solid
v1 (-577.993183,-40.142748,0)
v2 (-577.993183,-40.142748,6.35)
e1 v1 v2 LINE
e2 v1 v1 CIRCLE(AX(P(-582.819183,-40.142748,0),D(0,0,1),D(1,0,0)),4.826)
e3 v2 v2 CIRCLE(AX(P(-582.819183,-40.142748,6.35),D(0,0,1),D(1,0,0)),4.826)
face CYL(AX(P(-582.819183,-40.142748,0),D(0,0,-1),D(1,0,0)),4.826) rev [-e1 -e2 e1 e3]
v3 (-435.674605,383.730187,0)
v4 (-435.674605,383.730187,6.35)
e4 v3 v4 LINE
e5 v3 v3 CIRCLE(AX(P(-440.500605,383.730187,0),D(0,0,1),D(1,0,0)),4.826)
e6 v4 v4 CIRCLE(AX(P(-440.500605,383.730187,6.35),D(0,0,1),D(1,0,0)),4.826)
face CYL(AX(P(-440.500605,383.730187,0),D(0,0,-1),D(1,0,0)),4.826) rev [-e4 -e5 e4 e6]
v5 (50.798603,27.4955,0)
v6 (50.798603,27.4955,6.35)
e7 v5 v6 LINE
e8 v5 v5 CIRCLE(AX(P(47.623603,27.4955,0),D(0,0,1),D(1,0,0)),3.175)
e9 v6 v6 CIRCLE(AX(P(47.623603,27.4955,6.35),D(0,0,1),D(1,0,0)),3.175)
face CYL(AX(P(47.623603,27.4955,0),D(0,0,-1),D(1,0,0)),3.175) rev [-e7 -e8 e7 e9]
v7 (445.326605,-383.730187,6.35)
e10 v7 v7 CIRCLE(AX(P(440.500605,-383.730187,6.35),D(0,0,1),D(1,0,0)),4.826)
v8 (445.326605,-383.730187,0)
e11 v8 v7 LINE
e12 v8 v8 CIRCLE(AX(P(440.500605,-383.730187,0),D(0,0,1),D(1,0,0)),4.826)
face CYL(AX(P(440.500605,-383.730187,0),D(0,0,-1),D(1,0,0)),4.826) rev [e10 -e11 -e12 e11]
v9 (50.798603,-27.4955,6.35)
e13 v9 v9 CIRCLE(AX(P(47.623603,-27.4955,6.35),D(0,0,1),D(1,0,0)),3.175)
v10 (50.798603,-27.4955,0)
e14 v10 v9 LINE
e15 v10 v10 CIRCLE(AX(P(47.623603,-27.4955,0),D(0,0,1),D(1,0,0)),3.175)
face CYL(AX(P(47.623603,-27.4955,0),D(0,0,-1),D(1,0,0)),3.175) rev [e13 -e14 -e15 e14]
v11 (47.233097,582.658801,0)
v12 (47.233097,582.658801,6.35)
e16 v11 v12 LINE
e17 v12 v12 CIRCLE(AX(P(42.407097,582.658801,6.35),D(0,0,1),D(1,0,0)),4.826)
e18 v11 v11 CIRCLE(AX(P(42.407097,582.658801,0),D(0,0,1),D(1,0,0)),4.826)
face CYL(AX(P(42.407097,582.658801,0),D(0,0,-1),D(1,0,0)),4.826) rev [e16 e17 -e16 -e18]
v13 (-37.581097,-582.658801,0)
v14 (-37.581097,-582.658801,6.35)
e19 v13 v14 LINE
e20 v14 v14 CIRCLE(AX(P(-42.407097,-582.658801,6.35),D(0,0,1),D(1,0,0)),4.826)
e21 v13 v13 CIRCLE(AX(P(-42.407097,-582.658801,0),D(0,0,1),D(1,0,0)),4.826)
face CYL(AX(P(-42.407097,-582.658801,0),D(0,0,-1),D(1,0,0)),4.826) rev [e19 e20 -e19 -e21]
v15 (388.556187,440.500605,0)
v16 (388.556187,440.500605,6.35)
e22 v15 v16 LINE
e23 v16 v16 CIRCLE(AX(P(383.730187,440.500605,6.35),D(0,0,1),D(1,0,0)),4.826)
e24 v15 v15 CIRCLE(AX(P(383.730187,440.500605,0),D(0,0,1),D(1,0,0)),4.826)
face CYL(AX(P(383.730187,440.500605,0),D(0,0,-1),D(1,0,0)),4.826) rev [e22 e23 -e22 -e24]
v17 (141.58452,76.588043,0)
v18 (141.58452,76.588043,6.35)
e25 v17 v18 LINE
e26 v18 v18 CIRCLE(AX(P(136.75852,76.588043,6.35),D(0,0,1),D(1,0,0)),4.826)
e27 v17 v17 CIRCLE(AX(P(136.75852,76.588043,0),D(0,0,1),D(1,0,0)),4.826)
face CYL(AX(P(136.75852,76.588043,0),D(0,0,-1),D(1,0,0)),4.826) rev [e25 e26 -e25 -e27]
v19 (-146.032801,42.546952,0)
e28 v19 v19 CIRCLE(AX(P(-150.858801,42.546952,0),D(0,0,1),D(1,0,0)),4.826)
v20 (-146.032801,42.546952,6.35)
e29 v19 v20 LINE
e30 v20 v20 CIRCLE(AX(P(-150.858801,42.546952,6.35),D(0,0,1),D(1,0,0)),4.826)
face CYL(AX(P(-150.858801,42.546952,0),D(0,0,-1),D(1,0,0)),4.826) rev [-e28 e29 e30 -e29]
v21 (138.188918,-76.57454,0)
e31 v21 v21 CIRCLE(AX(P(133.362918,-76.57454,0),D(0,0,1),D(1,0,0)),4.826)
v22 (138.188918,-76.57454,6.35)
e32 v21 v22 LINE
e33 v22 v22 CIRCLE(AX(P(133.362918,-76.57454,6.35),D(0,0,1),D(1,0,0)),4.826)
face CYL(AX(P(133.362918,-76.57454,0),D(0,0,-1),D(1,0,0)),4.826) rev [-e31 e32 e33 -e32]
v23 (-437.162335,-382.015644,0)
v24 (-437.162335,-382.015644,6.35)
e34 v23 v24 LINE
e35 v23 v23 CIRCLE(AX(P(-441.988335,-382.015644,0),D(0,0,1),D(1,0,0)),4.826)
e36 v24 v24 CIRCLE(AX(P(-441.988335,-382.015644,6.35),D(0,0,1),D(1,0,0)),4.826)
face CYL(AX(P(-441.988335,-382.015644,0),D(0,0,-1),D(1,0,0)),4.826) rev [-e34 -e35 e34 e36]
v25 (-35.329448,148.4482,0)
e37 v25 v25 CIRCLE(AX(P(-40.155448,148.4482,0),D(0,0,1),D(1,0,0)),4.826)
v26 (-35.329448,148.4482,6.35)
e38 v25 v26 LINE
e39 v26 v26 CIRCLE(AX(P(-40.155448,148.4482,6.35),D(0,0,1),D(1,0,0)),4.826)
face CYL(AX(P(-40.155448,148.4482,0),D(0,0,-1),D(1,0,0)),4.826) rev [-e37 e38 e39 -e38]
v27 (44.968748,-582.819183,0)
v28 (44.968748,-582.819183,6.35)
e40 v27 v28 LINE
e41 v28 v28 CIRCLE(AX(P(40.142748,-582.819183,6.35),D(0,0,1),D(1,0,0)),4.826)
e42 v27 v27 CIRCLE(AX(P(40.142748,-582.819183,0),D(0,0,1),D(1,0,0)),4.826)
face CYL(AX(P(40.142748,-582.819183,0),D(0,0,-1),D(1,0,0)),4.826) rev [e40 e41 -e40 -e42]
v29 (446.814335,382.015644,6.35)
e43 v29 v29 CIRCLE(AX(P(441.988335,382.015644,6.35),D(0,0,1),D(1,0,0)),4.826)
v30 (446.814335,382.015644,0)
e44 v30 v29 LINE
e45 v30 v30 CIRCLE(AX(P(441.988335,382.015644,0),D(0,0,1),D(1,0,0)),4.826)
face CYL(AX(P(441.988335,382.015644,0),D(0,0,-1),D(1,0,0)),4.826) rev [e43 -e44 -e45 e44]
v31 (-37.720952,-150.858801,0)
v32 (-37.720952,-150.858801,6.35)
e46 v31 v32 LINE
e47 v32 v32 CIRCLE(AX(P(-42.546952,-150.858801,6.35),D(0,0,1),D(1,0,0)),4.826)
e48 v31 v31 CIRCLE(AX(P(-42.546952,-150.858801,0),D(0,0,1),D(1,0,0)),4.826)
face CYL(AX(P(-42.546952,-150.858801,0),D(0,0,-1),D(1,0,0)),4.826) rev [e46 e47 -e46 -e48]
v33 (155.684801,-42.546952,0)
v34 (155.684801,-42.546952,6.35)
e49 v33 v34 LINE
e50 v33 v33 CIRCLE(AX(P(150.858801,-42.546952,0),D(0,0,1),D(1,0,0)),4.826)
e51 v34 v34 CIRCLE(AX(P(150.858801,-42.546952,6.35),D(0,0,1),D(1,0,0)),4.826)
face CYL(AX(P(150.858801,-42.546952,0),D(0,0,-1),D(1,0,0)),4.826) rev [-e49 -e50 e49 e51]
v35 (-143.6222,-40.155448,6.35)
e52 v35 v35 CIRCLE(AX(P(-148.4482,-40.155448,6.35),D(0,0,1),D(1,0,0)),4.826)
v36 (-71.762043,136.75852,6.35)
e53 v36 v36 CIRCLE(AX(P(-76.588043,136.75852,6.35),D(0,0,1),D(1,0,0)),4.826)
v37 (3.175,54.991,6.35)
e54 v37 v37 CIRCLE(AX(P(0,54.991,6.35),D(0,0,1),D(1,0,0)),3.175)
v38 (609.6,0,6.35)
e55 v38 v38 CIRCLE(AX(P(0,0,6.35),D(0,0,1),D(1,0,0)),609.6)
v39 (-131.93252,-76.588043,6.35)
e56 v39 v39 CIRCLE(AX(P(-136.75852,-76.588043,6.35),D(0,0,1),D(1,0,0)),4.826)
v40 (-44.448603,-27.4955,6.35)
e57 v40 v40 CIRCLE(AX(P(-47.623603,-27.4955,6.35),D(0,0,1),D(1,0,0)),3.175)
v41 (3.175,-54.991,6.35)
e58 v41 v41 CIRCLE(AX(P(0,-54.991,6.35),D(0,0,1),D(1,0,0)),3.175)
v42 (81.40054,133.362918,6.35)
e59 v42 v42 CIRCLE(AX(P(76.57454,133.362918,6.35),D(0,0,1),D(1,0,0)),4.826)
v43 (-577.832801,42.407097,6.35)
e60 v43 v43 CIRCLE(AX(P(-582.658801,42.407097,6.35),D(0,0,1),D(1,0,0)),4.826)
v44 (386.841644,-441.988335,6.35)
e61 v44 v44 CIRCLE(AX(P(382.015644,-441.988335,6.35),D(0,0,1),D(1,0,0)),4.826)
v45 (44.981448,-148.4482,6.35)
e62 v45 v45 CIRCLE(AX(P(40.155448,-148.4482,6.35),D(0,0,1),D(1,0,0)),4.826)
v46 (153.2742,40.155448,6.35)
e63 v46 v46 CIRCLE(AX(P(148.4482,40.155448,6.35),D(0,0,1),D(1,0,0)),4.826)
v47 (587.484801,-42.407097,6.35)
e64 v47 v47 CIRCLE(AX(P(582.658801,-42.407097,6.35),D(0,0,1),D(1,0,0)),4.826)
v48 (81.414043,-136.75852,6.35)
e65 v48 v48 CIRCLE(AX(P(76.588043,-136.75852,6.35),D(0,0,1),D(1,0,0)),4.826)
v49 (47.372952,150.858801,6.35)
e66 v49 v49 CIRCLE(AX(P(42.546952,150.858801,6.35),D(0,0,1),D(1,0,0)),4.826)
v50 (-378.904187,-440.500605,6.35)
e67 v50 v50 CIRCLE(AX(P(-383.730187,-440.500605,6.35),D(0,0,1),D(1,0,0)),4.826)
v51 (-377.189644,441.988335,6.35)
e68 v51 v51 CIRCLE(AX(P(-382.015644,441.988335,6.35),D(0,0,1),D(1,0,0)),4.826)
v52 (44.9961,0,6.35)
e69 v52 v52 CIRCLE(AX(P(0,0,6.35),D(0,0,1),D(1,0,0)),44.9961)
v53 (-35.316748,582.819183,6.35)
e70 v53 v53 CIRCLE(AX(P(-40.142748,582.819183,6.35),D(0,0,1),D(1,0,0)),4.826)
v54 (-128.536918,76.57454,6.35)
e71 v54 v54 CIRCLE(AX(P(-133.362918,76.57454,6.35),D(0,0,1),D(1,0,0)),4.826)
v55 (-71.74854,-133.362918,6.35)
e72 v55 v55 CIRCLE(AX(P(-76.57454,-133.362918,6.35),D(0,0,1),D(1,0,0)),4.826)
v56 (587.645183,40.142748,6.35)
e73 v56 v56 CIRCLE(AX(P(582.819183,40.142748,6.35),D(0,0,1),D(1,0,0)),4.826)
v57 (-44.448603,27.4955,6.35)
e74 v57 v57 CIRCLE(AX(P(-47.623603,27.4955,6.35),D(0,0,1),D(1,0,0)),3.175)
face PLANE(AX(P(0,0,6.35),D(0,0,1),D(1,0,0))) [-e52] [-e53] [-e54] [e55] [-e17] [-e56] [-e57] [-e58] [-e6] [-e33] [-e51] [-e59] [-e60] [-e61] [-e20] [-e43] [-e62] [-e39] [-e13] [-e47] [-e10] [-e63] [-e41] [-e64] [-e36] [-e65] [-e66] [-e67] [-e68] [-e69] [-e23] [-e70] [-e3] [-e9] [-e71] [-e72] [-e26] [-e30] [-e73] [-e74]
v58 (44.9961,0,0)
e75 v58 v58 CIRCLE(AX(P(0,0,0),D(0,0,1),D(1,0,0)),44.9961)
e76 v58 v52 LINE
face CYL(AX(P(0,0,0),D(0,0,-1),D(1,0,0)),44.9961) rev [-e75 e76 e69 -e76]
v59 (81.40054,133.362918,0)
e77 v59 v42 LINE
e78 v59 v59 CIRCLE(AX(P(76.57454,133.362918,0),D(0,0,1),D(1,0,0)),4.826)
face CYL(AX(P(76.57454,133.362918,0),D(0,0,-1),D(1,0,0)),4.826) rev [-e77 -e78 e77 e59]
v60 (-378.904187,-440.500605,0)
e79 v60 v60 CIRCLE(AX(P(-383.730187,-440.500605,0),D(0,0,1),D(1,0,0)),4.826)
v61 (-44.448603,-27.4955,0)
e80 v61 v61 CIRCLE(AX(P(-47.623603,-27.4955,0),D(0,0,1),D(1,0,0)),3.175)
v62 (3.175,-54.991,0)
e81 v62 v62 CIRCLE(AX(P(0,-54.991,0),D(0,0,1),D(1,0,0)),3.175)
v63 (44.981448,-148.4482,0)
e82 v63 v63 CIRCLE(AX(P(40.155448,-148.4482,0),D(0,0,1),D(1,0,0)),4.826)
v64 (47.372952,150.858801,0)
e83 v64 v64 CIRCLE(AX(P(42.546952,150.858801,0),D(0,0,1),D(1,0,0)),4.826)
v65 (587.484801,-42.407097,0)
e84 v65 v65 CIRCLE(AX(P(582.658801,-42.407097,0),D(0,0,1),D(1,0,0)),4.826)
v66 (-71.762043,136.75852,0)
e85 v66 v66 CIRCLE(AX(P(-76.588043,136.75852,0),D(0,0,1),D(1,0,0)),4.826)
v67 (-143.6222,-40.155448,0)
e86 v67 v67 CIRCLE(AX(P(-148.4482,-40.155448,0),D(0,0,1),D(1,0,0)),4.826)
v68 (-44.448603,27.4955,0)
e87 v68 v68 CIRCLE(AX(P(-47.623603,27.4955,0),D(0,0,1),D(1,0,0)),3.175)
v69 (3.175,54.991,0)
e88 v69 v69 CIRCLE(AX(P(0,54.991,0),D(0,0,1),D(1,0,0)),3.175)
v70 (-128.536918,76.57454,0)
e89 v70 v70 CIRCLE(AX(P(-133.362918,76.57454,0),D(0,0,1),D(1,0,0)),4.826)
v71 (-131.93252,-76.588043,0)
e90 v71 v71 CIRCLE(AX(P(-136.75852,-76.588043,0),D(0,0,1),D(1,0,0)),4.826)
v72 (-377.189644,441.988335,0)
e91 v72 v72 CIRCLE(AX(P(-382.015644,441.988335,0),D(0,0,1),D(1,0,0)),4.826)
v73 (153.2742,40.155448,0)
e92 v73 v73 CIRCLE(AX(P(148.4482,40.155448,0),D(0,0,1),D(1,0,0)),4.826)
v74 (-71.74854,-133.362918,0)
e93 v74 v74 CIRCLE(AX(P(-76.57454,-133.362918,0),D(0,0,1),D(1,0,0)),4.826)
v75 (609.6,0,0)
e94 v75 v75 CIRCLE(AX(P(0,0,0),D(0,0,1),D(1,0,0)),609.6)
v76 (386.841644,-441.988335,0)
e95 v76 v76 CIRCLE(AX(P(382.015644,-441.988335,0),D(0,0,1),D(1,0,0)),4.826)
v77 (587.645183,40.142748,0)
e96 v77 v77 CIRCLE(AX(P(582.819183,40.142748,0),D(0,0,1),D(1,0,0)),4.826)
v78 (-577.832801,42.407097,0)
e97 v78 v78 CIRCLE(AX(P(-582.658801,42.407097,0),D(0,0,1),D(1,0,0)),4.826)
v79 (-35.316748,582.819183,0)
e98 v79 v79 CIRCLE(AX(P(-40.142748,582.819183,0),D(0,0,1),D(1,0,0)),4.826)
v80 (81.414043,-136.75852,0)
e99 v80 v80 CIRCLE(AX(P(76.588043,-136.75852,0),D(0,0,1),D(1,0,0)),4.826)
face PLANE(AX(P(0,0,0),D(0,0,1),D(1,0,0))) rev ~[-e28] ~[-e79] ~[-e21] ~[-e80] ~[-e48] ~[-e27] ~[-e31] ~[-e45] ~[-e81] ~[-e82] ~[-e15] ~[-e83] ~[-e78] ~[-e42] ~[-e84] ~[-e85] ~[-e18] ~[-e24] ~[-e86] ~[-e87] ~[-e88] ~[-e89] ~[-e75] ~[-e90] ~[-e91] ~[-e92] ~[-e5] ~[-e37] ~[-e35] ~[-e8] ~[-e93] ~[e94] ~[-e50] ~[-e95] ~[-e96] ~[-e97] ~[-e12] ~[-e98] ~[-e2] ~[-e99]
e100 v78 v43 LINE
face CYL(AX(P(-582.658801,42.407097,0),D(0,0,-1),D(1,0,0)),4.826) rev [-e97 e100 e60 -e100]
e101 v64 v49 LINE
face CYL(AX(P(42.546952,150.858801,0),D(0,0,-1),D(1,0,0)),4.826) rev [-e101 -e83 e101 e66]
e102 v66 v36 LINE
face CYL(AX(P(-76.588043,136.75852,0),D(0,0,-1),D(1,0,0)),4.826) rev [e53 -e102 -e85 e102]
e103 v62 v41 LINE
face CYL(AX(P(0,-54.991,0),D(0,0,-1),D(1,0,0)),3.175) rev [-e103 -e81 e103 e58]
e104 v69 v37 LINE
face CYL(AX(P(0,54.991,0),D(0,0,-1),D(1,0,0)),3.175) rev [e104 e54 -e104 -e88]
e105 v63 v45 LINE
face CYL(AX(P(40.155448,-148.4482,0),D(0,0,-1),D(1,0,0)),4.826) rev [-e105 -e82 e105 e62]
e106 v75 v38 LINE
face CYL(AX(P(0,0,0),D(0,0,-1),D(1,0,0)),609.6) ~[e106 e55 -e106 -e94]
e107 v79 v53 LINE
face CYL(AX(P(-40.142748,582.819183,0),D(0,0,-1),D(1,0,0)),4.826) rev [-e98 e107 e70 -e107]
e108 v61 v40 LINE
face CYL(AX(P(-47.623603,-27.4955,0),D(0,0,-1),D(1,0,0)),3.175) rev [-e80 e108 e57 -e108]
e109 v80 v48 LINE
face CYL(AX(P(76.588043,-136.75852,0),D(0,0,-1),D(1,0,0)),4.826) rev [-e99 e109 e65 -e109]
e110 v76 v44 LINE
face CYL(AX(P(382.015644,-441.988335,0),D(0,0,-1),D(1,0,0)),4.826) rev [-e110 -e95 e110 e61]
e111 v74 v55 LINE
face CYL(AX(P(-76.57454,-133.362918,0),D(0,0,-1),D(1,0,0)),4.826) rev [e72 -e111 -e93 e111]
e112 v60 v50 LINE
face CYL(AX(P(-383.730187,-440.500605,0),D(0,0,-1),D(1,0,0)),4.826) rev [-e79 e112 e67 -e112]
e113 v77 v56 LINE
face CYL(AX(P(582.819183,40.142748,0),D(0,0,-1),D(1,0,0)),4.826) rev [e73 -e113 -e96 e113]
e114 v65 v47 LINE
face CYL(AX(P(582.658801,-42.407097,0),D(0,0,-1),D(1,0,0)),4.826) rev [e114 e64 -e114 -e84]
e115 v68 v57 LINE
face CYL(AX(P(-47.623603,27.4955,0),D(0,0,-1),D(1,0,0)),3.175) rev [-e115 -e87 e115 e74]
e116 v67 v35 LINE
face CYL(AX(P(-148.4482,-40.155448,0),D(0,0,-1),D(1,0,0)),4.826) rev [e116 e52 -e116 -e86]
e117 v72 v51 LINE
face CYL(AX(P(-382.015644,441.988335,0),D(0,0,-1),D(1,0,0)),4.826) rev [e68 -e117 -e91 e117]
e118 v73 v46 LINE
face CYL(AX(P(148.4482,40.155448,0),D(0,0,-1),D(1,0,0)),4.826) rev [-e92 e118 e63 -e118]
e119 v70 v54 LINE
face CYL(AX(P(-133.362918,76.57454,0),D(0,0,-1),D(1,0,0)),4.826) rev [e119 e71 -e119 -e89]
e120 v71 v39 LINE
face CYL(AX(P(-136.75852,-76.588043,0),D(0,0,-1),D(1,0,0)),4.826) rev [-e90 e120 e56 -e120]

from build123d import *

# Parameters (mm, degrees)
F0_R     = 609.6
F0_R_2   = 4.826
F0_R_3   = 3.175
F0_R_4   = 44.9961
F1_DEPTH = 6.35


with BuildPart() as f1:
    # F0 (on Top) → F1 (new body)
    with BuildSketch(Plane.XY):
        Circle(F0_R)
        with Locations((-383.730187, -440.500605)):
            Circle(F0_R_2, mode=Mode.SUBTRACT)
        with Locations((-441.988335, -382.015644)):
            Circle(F0_R_2, mode=Mode.SUBTRACT)
        with Locations((-42.407097, -582.658801)):
            Circle(F0_R_2, mode=Mode.SUBTRACT)
        with Locations((-582.819183, -40.142748)):
            Circle(F0_R_2, mode=Mode.SUBTRACT)
        with Locations((-76.57454, -133.362918)):
            Circle(F0_R_2, mode=Mode.SUBTRACT)
        with Locations((-136.75852, -76.588043)):
            Circle(F0_R_2, mode=Mode.SUBTRACT)
        with Locations((-42.546952, -150.858801)):
            Circle(F0_R_2, mode=Mode.SUBTRACT)
        with Locations((-148.4482, -40.155448)):
            Circle(F0_R_2, mode=Mode.SUBTRACT)
        with Locations((-47.623603, -27.4955)):
            Circle(F0_R_3, mode=Mode.SUBTRACT)
        with Locations((40.142748, -582.819183)):
            Circle(F0_R_2, mode=Mode.SUBTRACT)
        with Locations((382.015644, -441.988335)):
            Circle(F0_R_2, mode=Mode.SUBTRACT)
        with Locations((440.500605, -383.730187)):
            Circle(F0_R_2, mode=Mode.SUBTRACT)
        with Locations((40.155448, -148.4482)):
            Circle(F0_R_2, mode=Mode.SUBTRACT)
        with Locations((76.588043, -136.75852)):
            Circle(F0_R_2, mode=Mode.SUBTRACT)
        with Locations((133.362918, -76.57454)):
            Circle(F0_R_2, mode=Mode.SUBTRACT)
        with Locations((0, -54.991)):
            Circle(F0_R_3, mode=Mode.SUBTRACT)
        with Locations((47.623603, -27.4955)):
            Circle(F0_R_3, mode=Mode.SUBTRACT)
        with Locations((150.858801, -42.546952)):
            Circle(F0_R_2, mode=Mode.SUBTRACT)
        with Locations((582.658801, -42.407097)):
            Circle(F0_R_2, mode=Mode.SUBTRACT)
        with Locations((-582.658801, 42.407097)):
            Circle(F0_R_2, mode=Mode.SUBTRACT)
        with Locations((-150.858801, 42.546952)):
            Circle(F0_R_2, mode=Mode.SUBTRACT)
        with Locations((-47.623603, 27.4955)):
            Circle(F0_R_3, mode=Mode.SUBTRACT)
        with Locations((-133.362918, 76.57454)):
            Circle(F0_R_2, mode=Mode.SUBTRACT)
        with Locations((-76.588043, 136.75852)):
            Circle(F0_R_2, mode=Mode.SUBTRACT)
        with Locations((-40.155448, 148.4482)):
            Circle(F0_R_2, mode=Mode.SUBTRACT)
        with Locations((-440.500605, 383.730187)):
            Circle(F0_R_2, mode=Mode.SUBTRACT)
        with Locations((-382.015644, 441.988335)):
            Circle(F0_R_2, mode=Mode.SUBTRACT)
        with Locations((-40.142748, 582.819183)):
            Circle(F0_R_2, mode=Mode.SUBTRACT)
        Circle(F0_R_4, mode=Mode.SUBTRACT)
        with Locations((47.623603, 27.4955)):
            Circle(F0_R_3, mode=Mode.SUBTRACT)
        with Locations((0, 54.991)):
            Circle(F0_R_3, mode=Mode.SUBTRACT)
        with Locations((148.4482, 40.155448)):
            Circle(F0_R_2, mode=Mode.SUBTRACT)
        with Locations((42.546952, 150.858801)):
            Circle(F0_R_2, mode=Mode.SUBTRACT)
        with Locations((136.75852, 76.588043)):
            Circle(F0_R_2, mode=Mode.SUBTRACT)
        with Locations((76.57454, 133.362918)):
            Circle(F0_R_2, mode=Mode.SUBTRACT)
        with Locations((582.819183, 40.142748)):
            Circle(F0_R_2, mode=Mode.SUBTRACT)
        with Locations((42.407097, 582.658801)):
            Circle(F0_R_2, mode=Mode.SUBTRACT)
        with Locations((441.988335, 382.015644)):
            Circle(F0_R_2, mode=Mode.SUBTRACT)
        with Locations((383.730187, 440.500605)):
            Circle(F0_R_2, mode=Mode.SUBTRACT)
    extrude(amount=F1_DEPTH)


solid = f1.part
